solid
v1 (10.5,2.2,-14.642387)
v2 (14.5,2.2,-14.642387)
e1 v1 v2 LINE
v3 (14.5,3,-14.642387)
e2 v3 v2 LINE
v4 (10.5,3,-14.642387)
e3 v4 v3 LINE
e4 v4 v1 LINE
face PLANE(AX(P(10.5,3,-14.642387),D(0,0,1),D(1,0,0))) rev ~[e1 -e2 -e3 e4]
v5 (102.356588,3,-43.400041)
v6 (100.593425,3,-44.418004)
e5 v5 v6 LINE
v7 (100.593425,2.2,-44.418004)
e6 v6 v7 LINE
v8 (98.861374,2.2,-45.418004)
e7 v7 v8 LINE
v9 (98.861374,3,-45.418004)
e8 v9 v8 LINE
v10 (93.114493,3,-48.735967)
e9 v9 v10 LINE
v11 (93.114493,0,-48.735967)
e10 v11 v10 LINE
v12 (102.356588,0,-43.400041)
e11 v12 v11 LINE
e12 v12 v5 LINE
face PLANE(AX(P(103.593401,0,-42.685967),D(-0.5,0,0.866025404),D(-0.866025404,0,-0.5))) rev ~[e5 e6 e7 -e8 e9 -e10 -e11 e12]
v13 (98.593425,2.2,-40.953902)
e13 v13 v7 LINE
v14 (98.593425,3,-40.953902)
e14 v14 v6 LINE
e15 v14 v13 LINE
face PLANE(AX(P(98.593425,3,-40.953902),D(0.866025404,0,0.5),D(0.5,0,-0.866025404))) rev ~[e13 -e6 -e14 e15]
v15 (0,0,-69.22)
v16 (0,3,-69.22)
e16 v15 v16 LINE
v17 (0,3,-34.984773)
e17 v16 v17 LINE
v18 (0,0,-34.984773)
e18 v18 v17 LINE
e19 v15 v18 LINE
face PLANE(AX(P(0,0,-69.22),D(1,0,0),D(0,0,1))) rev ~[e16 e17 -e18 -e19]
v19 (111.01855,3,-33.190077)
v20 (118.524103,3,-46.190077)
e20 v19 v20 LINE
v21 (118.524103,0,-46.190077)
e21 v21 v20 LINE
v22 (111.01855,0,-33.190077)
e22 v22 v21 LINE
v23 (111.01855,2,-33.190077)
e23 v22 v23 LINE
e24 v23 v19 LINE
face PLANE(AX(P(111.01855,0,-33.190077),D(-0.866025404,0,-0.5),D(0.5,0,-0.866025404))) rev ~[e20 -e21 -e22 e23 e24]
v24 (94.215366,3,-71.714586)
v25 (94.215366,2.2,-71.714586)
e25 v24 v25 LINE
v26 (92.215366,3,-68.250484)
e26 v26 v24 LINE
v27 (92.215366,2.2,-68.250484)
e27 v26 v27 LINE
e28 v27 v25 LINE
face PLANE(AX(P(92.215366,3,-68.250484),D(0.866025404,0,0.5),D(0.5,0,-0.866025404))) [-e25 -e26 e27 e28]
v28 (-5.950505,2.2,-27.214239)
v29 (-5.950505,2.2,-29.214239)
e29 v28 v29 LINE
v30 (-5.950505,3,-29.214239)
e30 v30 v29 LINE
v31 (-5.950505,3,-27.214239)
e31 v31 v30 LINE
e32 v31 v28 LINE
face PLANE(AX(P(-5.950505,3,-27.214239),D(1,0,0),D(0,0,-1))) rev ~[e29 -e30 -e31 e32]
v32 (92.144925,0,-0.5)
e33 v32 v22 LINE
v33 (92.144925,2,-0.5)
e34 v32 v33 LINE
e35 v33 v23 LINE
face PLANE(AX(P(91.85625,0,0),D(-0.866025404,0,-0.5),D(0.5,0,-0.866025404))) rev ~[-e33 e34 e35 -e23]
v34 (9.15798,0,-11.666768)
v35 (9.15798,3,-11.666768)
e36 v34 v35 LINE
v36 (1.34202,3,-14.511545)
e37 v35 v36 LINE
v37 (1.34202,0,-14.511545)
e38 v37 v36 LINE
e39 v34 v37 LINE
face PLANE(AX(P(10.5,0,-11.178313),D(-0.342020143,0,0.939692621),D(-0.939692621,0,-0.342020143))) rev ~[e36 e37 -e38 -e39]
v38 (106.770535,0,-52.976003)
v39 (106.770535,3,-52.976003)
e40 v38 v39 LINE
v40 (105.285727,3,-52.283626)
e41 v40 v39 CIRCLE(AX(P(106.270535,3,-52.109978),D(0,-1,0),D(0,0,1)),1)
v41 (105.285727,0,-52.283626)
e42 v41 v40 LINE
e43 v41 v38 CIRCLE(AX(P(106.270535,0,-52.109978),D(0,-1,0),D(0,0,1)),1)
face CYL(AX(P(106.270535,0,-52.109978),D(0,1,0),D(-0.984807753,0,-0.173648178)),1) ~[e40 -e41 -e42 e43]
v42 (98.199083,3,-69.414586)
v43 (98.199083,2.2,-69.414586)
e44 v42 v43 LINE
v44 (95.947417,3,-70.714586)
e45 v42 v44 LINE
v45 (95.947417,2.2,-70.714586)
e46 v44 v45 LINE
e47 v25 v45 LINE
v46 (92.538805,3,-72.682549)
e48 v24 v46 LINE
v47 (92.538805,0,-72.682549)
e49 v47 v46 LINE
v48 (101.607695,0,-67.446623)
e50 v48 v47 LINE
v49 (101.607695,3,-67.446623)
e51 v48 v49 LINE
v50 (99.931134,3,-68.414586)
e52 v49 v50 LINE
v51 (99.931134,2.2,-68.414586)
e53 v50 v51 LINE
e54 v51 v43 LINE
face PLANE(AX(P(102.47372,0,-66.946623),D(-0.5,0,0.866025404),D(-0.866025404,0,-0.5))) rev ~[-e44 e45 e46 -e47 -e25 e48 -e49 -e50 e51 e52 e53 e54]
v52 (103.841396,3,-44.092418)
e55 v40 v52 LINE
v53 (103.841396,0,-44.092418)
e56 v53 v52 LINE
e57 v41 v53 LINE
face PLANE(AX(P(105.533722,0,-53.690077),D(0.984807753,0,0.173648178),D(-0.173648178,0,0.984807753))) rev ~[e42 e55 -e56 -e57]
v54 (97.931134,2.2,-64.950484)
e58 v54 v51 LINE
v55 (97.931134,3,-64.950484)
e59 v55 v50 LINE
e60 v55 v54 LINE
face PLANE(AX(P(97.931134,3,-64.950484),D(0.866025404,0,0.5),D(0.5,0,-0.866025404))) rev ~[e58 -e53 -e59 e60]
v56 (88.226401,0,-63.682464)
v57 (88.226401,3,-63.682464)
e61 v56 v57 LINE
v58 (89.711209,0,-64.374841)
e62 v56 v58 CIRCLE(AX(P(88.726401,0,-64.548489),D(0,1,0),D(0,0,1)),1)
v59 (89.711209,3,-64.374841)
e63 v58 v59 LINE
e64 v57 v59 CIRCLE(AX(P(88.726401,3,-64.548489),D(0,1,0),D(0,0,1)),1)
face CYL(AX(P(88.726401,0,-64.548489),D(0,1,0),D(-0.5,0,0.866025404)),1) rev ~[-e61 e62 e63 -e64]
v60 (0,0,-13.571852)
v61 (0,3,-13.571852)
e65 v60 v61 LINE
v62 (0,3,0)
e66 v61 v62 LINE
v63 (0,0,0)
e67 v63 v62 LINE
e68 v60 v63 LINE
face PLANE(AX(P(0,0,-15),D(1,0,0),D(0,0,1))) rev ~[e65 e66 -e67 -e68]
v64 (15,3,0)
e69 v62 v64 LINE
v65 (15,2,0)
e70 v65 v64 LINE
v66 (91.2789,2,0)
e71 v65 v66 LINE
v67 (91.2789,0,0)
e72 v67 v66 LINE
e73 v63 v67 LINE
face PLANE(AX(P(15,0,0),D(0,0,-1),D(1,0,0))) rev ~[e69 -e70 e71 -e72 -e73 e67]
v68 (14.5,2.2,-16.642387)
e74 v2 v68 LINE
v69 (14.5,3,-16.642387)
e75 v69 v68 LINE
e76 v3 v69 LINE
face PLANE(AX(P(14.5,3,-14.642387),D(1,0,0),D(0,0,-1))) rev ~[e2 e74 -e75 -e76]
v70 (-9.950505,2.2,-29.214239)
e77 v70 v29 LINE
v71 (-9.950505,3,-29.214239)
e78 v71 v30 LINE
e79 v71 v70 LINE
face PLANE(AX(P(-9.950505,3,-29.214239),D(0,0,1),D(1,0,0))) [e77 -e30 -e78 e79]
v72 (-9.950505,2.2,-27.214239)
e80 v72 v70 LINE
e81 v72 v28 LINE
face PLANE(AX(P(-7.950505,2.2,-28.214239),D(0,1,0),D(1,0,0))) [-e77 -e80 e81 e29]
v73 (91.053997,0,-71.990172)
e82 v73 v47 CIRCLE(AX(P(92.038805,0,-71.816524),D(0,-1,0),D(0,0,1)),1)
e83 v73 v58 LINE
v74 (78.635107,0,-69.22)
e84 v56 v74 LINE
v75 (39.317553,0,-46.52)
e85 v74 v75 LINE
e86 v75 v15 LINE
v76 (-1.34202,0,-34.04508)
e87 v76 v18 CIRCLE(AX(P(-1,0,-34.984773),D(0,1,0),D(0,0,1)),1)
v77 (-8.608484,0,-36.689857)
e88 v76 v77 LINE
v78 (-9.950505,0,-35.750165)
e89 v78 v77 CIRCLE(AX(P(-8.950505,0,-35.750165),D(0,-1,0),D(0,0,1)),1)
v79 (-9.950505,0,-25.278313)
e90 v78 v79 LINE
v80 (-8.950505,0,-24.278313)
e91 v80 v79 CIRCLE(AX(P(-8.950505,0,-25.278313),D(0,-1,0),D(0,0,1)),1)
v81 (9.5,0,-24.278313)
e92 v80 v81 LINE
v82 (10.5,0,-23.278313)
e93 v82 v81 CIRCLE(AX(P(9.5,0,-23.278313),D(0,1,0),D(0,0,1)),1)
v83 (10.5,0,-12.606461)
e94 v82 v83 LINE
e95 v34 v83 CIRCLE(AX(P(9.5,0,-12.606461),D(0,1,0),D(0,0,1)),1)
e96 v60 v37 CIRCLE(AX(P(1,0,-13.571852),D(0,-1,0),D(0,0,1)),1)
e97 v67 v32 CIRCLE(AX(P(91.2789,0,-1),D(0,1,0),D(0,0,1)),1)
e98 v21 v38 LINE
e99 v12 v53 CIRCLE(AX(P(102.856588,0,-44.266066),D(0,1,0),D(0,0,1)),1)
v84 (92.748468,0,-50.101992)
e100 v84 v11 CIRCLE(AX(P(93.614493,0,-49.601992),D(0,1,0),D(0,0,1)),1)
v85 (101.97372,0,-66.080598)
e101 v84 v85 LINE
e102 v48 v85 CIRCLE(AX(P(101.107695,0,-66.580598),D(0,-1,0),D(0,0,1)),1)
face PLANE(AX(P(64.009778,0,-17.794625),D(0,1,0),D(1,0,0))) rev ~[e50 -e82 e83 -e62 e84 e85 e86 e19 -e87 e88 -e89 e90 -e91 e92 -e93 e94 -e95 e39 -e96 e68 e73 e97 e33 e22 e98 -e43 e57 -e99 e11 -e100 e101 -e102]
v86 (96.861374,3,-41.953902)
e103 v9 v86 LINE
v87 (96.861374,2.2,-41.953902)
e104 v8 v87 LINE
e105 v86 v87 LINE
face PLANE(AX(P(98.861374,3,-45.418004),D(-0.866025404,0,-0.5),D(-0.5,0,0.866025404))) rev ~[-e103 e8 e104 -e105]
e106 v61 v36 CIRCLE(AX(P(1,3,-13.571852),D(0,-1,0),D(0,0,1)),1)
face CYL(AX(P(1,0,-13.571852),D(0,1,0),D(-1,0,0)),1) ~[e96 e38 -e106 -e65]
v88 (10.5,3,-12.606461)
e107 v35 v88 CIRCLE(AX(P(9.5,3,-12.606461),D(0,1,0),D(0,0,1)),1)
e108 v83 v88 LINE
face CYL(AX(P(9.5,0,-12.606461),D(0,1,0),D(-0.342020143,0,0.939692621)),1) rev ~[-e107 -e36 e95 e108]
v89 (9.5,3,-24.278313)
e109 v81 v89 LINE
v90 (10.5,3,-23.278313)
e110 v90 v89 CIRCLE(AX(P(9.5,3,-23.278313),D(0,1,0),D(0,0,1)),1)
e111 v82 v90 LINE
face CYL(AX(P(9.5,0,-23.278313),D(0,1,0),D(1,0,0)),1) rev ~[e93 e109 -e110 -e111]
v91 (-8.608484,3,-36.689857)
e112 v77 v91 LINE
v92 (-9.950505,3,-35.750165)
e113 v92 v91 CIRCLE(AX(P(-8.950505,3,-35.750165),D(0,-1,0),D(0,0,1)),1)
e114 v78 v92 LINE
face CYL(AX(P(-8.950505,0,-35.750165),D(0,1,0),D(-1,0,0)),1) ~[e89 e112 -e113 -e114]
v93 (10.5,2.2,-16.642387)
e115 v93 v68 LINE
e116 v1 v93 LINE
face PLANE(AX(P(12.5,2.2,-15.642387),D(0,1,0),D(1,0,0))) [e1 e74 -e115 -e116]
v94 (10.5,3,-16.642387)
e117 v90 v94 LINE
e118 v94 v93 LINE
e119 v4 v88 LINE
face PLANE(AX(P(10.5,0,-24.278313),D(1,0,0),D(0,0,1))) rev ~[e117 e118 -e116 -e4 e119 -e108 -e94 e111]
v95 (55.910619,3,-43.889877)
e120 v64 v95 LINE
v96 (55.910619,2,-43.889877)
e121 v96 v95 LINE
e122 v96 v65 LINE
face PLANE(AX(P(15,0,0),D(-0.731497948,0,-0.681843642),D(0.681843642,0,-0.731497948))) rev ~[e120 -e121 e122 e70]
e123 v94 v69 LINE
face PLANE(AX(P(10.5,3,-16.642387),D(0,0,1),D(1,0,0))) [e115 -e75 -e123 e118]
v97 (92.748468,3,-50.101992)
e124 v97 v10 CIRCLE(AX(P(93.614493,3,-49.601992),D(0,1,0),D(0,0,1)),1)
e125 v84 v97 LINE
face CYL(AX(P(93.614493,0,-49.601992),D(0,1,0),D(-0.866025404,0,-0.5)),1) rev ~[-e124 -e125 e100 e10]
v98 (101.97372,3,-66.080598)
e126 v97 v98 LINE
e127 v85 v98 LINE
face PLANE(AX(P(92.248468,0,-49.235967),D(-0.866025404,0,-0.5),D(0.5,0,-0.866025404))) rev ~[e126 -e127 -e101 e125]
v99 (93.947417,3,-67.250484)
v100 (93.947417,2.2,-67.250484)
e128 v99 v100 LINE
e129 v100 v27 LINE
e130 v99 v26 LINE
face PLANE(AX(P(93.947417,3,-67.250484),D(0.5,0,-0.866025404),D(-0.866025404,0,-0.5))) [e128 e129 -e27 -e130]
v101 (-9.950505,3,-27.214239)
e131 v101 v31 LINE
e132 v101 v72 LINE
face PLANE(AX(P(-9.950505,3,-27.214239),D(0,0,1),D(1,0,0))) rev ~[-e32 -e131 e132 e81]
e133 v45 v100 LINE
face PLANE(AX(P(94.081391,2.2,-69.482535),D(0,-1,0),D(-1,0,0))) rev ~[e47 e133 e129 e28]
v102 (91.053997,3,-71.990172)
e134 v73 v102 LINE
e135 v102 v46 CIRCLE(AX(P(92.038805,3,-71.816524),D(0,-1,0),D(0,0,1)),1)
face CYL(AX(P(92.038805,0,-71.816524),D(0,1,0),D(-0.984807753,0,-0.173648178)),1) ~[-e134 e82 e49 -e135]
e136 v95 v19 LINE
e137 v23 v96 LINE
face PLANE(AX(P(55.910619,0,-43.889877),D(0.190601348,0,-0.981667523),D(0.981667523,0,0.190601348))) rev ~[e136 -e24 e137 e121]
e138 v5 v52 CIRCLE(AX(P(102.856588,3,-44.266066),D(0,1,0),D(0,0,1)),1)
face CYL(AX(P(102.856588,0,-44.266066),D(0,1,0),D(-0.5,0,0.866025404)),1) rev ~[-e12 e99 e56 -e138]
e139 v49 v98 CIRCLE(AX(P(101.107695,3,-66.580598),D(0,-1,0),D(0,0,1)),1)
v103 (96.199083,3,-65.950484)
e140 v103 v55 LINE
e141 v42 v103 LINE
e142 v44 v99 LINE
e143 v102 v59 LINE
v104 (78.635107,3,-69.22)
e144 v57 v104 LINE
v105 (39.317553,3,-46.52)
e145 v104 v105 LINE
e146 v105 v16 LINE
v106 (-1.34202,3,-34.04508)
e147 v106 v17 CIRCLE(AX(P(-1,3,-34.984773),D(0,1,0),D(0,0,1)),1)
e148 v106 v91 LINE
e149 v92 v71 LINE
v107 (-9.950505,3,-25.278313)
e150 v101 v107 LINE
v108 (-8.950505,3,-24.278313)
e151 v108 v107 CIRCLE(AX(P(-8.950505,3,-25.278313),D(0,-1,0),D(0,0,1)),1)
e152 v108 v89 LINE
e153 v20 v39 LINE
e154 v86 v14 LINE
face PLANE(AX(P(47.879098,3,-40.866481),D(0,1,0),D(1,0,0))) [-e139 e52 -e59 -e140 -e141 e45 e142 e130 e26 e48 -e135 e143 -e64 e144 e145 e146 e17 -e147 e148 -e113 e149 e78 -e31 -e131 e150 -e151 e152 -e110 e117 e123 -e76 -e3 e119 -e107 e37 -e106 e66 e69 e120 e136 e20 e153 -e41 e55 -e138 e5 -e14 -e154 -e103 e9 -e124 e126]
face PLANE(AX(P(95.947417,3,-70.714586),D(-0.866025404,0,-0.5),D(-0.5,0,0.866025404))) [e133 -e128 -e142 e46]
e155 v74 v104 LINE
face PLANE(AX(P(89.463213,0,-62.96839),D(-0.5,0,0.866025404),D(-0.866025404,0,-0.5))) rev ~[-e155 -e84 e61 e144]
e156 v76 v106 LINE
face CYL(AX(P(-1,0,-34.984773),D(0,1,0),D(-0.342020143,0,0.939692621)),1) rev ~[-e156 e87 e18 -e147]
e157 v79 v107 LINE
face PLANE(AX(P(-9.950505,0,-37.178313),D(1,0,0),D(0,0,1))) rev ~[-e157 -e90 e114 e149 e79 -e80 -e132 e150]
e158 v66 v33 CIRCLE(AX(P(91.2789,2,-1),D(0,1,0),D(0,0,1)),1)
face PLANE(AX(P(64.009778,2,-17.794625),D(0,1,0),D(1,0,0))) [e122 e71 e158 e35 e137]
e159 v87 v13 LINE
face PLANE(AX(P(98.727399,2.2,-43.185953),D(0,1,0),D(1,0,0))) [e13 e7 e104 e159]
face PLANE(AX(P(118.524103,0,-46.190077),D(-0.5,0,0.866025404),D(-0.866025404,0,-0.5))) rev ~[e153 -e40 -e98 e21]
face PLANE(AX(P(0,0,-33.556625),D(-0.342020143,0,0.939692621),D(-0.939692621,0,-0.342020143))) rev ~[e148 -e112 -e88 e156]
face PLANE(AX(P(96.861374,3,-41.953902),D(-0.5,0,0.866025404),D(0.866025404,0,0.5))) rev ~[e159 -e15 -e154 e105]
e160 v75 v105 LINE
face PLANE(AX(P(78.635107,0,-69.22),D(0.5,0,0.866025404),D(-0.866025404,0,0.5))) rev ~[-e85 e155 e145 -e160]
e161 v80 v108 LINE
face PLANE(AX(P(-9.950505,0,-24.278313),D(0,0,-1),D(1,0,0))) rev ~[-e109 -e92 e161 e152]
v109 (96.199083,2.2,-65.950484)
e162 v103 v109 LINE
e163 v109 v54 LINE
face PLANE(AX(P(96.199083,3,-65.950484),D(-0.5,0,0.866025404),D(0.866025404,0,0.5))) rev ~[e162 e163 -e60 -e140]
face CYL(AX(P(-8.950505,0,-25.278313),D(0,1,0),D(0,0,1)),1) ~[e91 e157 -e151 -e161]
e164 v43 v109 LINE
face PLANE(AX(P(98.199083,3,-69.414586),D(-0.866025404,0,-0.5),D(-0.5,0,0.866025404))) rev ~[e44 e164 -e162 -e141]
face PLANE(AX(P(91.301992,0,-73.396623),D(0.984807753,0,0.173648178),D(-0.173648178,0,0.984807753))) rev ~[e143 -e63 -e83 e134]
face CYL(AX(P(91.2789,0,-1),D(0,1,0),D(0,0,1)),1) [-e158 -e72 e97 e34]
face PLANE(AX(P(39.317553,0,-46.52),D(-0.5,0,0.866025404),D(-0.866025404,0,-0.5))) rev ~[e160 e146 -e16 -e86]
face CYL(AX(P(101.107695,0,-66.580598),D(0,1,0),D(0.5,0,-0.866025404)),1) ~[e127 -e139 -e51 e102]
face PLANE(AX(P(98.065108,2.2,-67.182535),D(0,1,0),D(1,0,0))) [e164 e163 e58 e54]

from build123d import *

# Parameters (mm, degrees)
P_IDAT_VYSUNUT_M1_DEPTH  = 3
P_IDAT_VYSUNUT_M2_DEPTH  = 2
ZAOBLIT1_R               = 1
ZAOBLIT2_R               = 1
SKICA2_W                 = 4
SKICA2_H                 = 2
ODEBRAT_VYSUNUT_M1_DEPTH = 0.8


with BuildPart() as part:
    # Skica1 → P_idat vysunut_m1 (new body)
    with BuildSketch(Plane(origin=(0, 0, 0), x_dir=(1, 0, 0), z_dir=(0, 1, 0))):
        Polygon((118.524103266, 46.190077074), (105.53372221, 53.690077074), (103.593400635, 42.685966604), (92.248467845, 49.235966604), (102.473720104, 66.946623035), (91.301992395, 73.396623035), (89.463213481, 62.968389614), (78.635106664, 69.22), (39.317553332, 46.52), (0, 69.22), (0, 33.55662508), (-9.950504516, 37.17831254), (-9.950504516, 24.27831254), (10.5, 24.27831254), (10.5, 11.17831254), (0, 15), (0, 0), (15, 0), (55.910618513, 43.889876884), (111.018549767, 33.190077074), align=None)
    extrude(amount=P_IDAT_VYSUNUT_M1_DEPTH)

    # Skica1_3 → P_idat vysunut_m2 (add)
    with BuildSketch(Plane(origin=(0, 0, 0), x_dir=(1, 0, 0), z_dir=(0, 1, 0))):
        Polygon((91.856249834, 0), (111.018549767, 33.190077074), (55.910618513, 43.889876884), (15, 0), align=None)
    extrude(amount=P_IDAT_VYSUNUT_M2_DEPTH)

    # Zaoblit1
    zaoblit1_edges = [part.edges().sort_by_distance(p)[0] for p in [
        (102.473720104, 1.5, -66.946623035),
        (92.248467845, 1.5, -49.235966604),
        (103.593400635, 1.5, -42.685966604),
        (105.53372221, 1.5, -53.690077074),
        (0, 1.5, -15),
        (10.5, 1.5, -11.17831254),
        (10.5, 1.5, -24.27831254),
        (-9.950504516, 1.5, -24.27831254),
        (-9.950504516, 1.5, -37.17831254),
        (0, 1.5, -33.55662508),
        (89.463213481, 1.5, -62.968389614),
        (91.301992395, 1.5, -73.396623035),
    ]]
    fillet(zaoblit1_edges, radius=ZAOBLIT1_R)

    # Zaoblit2
    zaoblit2_edges = [part.edges().sort_by_distance(p)[0] for p in [
        (91.856249834, 1, 0),
    ]]
    fillet(zaoblit2_edges, radius=ZAOBLIT2_R)

    # Skica2 → Odebrat vysunut_m1 (cut)
    with BuildSketch(Plane(origin=(0, 3, 0), x_dir=(1, 0, 0), z_dir=(0, 1, 0))):
        with Locations((12.5, 15.642386544)):
            Rectangle(SKICA2_W, SKICA2_H)
        with Locations((-7.950504516, 28.214238537)):
            Rectangle(SKICA2_W, SKICA2_H)
        Polygon((98.86137374, 45.418003606), (96.86137374, 41.953901991), (98.593424548, 40.953901991), (100.593424548, 44.418003606), align=None)
        Polygon((98.199082799, 69.414586034), (96.199082799, 65.950484418), (97.931133607, 64.950484418), (99.931133607, 68.414586034), align=None)
        Polygon((92.215365942, 68.250484418), (94.215365942, 71.714586034), (95.947416749, 70.714586034), (93.947416749, 67.250484418), align=None)
    extrude(amount=-ODEBRAT_VYSUNUT_M1_DEPTH, mode=Mode.SUBTRACT)


solid = part.part
